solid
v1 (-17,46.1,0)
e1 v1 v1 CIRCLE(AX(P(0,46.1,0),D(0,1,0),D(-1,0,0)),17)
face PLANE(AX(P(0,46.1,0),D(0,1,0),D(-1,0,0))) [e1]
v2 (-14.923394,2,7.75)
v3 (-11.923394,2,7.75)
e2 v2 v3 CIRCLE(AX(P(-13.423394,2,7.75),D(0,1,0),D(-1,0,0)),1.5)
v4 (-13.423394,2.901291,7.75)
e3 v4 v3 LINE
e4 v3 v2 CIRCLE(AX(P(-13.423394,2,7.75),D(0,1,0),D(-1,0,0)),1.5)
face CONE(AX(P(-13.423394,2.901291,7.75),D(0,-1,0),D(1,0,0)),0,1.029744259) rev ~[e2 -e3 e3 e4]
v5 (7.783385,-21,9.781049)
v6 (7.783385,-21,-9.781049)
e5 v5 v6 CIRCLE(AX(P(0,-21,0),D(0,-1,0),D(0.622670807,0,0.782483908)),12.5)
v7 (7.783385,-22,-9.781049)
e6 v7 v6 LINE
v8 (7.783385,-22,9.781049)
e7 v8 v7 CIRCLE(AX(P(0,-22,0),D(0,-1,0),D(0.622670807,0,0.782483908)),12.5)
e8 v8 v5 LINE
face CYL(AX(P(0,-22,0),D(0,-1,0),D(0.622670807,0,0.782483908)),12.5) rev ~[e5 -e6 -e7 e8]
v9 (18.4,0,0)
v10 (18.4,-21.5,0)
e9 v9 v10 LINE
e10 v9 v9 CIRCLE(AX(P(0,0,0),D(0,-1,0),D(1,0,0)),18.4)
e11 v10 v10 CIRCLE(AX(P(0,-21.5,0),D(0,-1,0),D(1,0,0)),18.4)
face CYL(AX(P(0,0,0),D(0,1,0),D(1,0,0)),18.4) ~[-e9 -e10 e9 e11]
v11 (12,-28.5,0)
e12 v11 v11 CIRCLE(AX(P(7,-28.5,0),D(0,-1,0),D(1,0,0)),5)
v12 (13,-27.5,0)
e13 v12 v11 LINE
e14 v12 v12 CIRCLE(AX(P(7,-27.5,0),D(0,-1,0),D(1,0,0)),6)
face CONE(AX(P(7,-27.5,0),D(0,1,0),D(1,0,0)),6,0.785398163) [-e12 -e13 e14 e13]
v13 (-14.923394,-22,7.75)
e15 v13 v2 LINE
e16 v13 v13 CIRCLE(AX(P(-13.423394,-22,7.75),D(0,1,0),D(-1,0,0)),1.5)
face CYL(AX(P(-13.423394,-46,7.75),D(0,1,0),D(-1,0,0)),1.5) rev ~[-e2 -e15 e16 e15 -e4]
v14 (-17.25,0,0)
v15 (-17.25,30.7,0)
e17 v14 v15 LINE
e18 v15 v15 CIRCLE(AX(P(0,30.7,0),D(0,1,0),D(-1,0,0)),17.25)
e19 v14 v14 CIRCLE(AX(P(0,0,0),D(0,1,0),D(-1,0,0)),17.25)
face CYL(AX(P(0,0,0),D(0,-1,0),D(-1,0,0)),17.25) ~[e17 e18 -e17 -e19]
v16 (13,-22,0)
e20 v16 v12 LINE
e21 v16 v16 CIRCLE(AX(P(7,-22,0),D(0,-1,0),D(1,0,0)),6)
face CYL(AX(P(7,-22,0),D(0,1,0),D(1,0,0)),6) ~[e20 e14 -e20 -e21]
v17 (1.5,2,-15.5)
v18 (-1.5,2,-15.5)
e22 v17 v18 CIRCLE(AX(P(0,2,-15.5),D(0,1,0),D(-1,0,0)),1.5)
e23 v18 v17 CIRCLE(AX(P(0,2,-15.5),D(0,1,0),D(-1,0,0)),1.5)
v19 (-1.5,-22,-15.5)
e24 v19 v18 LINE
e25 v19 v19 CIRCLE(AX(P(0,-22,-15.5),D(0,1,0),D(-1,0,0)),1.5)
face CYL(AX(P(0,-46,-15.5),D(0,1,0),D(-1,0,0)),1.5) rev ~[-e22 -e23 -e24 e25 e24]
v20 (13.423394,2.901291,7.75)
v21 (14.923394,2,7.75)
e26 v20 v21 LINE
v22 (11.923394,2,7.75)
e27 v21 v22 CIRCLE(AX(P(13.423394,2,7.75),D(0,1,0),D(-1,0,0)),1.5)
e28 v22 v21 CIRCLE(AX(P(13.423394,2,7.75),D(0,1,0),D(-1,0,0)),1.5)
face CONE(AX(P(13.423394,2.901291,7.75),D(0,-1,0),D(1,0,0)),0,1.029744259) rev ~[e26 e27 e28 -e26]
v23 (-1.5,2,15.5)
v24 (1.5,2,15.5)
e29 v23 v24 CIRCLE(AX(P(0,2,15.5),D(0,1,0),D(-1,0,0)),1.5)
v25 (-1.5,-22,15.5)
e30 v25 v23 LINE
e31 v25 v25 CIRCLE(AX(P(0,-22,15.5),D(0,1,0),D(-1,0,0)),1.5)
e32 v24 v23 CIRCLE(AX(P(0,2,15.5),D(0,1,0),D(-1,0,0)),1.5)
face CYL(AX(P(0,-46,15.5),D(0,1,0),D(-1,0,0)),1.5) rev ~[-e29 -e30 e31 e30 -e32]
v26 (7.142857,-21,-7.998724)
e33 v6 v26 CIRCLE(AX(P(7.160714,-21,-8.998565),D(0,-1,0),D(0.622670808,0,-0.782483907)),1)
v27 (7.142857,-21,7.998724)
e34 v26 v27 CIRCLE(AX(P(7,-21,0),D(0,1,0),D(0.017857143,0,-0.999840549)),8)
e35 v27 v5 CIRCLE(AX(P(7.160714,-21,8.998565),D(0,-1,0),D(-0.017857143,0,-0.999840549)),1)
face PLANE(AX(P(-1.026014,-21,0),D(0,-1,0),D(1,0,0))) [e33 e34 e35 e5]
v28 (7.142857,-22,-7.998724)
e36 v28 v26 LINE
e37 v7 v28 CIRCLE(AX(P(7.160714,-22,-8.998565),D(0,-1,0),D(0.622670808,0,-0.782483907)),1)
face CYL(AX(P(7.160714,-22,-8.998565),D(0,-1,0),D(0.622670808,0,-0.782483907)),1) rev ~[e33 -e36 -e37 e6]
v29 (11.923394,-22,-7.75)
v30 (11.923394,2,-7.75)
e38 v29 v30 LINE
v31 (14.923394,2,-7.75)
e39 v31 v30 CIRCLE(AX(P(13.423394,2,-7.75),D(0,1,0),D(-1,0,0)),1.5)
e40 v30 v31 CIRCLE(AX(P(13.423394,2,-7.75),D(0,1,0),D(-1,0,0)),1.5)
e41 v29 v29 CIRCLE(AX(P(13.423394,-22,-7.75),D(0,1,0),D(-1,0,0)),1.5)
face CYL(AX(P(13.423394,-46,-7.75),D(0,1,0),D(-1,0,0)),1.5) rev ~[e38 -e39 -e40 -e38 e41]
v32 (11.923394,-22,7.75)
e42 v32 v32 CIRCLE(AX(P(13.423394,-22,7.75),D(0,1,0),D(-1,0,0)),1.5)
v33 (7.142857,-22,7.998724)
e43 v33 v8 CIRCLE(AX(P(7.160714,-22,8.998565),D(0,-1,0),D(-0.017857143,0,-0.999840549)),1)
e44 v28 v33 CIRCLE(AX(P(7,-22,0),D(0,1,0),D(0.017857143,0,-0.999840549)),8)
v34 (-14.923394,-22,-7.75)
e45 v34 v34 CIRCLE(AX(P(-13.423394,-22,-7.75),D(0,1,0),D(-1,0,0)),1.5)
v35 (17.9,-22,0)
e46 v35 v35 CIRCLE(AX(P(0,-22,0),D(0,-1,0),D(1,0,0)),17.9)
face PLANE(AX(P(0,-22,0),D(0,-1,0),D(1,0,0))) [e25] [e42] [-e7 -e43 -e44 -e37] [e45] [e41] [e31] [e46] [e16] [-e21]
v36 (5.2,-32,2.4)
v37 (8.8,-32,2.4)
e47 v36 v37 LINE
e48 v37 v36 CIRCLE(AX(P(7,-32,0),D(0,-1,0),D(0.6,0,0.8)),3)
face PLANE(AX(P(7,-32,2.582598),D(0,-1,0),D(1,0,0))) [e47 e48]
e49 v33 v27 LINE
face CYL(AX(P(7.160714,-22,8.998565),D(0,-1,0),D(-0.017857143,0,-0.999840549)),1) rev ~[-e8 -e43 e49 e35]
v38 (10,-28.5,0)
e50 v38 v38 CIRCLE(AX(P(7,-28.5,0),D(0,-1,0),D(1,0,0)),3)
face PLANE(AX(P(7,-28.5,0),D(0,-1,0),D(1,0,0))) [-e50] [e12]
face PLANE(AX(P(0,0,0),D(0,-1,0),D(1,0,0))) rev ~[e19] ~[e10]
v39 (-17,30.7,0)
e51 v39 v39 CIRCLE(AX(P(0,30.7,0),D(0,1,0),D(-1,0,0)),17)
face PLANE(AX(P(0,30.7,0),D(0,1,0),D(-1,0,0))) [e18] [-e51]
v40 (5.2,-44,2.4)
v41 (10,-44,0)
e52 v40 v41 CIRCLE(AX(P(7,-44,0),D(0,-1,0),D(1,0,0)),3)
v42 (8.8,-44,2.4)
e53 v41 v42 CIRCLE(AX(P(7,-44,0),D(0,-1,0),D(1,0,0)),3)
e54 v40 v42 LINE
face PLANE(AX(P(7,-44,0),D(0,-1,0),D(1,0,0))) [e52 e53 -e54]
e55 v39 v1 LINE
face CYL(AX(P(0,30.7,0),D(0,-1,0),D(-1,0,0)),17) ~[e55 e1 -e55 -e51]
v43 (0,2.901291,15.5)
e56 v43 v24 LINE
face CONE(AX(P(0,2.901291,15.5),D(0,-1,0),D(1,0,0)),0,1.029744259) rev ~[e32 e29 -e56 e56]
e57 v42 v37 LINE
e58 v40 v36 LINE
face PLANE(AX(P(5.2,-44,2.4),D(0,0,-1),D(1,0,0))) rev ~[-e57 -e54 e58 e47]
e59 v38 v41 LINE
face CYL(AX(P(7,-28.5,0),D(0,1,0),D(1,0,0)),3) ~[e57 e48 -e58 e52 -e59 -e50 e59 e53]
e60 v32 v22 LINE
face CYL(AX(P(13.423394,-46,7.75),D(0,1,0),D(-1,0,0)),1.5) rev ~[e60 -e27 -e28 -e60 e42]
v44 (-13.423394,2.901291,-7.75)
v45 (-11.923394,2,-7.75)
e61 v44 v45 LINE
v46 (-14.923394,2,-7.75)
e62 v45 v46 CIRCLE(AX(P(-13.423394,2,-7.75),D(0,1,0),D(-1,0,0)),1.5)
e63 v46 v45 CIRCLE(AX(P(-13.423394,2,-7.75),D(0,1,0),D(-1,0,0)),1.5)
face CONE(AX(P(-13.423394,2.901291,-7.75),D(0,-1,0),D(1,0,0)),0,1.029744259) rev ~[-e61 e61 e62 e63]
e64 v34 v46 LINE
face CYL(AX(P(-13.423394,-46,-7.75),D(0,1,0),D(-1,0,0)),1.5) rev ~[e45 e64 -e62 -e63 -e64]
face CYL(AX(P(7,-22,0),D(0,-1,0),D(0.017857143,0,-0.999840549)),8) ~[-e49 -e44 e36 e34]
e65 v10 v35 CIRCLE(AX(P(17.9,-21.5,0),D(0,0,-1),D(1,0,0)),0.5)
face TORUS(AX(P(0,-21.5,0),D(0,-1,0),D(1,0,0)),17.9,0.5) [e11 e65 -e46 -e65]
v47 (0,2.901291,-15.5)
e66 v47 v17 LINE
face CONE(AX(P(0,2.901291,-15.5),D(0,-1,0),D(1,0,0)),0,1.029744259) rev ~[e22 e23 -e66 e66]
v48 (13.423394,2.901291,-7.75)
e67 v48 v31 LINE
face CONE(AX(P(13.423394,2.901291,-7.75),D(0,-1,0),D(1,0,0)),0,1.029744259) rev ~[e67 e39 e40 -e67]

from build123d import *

# Parameters (mm, degrees)
F0_R      = 18.4
F1_DEPTH  = 22
F2_R      = 17.25
F3_DEPTH  = 30.7
F4_R      = 6
F5_DEPTH  = 6.5
F6_R      = 3
F7_DEPTH  = 15.5
F8_SIZE   = 1
F10_DEPTH = 12
F12_D     = 3
F12_DEPTH = 24
F12_TIP   = 0.9012909285
F14_DEPTH = 1
F15_R     = 6.5
F16_DEPTH = 1.5
F17_SIZE  = 1
F18_W     = 3.175
F18_H     = 0.79375
F19_DEPTH = 5.6
F20_SIZE  = 1
F22_DEPTH = 25.4
F23_R     = 0.5
F24_R     = 17
F25_DEPTH = 15.4


with BuildPart() as f1:
    # F0 (on Front) → F1 (new body)
    with BuildSketch(Plane.XZ):
        Circle(F0_R)
    extrude(amount=F1_DEPTH)

    # F2 (on face) → F3 (join)
    with BuildSketch(Plane(origin=(0, 0, 0), x_dir=(-1, 0, 0), z_dir=(0, 1, 0))):
        Circle(F2_R)
    extrude(amount=F3_DEPTH)

    # F4 (on face) → F5 (join)
    with BuildSketch(Plane.XZ.offset(22)):
        with Locations((7, 0)):
            Circle(F4_R)
    extrude(amount=F5_DEPTH)

    # F6 (on face) → F7 (join)
    with BuildSketch(Plane.XZ.offset(28.5)):
        with Locations((7, 0)):
            Circle(F6_R)
    extrude(amount=F7_DEPTH)

    # F8
    f8_edges = [f1.edges().sort_by_distance(p)[0] for p in [
        (1, -28.5, 0),
    ]]
    chamfer(f8_edges, length=F8_SIZE)

    # F9 (on face) → F10 (cut)
    with BuildSketch(Plane.XZ.offset(44)):
        with BuildLine():
            ThreePointArc((8.8, 2.4), (7, 3), (5.2, 2.4))
            Line((5.2, 2.4), (8.8, 2.4))
        make_face()
    extrude(amount=-F10_DEPTH, mode=Mode.SUBTRACT)

    # F12
    with Locations(Plane.XZ.offset(22)):
        with Locations((0, 15.5), (-13.4233937587, 7.75), (-13.4233937587, -7.75), (0, -15.5), (13.4233937587, -7.75), (13.4233937587, 7.75)):
            Hole(F12_D / 2, depth=F12_DEPTH)
            with Locations((0, 0, -(F12_DEPTH + F12_TIP / 2))):  # 118° drill point
                Cone(0, F12_D / 2, F12_TIP, mode=Mode.SUBTRACT)

    # F13 (on face) → F14 (cut)
    with BuildSketch(Plane.XZ.offset(22)):
        with BuildLine():
            ThreePointArc((7.1428571429, 7.9987243881), (8.1017881451, 8.6603638261), (7.7833850932, 9.7810488441))
            ThreePointArc((7.7833850932, 9.7810488441), (-12.5, 0), (7.7833850932, -9.7810488441))
            ThreePointArc((7.7833850932, -9.7810488441), (8.1017881451, -8.6603638261), (7.1428571429, -7.9987243881))
            ThreePointArc((7.1428571429, -7.9987243881), (-1, 0), (7.1428571429, 7.9987243881))
        make_face()
    extrude(amount=-F14_DEPTH, mode=Mode.SUBTRACT)

    # F15 (on face) → F16 (join)
    with BuildSketch(Plane(origin=(0, 30.7, 0), x_dir=(-1, 0, 0), z_dir=(0, 1, 0))):
        Circle(F15_R)
    extrude(amount=F16_DEPTH)

    # F17
    f17_edges = [f1.edges().sort_by_distance(p)[0] for p in [
        (6.5, 32.2, 0),
    ]]
    chamfer(f17_edges, length=F17_SIZE)

    # F18 (on face) → F19 (join)
    with BuildSketch(Plane(origin=(0, 30.7, 0), x_dir=(-1, 0, 0), z_dir=(0, 1, 0))):
        with Locations((0, 11.653125)):
            Rectangle(F18_W, F18_H)
        with Locations((0, -11.653125)):
            Rectangle(F18_W, F18_H)
    extrude(amount=F19_DEPTH)

    # F20
    f20_edges = [f1.edges().sort_by_distance(p)[0] for p in [
        (-1.5875, 36.3, 11.653125),
        (1.5875, 36.3, 11.653125),
        (1.5875, 36.3, -11.653125),
        (-1.5875, 36.3, -11.653125),
    ]]
    chamfer(f20_edges, length=F20_SIZE)

    # F21 (on face) → F22 (cut)
    with BuildSketch(Plane.XY.offset(12.05)):
        with BuildLine():
            Line((0.5, 33.74), (0.5, 35.01))
            ThreePointArc((0.5, 35.01), (0, 35.51), (-0.5, 35.01))
            Line((-0.5, 35.01), (-0.5, 33.74))
            ThreePointArc((-0.5, 33.74), (0, 33.24), (0.5, 33.74))
        make_face()
    extrude(amount=-F22_DEPTH, mode=Mode.SUBTRACT)

    # F23
    f23_edges = [f1.edges().sort_by_distance(p)[0] for p in [
        (-18.4, -22, 0),
    ]]
    fillet(f23_edges, radius=F23_R)

    # F24 (on face) → F25 (join)
    with BuildSketch(Plane(origin=(0, 30.7, 0), x_dir=(-1, 0, 0), z_dir=(0, 1, 0))):
        Circle(F24_R)
    extrude(amount=F25_DEPTH)


solid = f1.part
